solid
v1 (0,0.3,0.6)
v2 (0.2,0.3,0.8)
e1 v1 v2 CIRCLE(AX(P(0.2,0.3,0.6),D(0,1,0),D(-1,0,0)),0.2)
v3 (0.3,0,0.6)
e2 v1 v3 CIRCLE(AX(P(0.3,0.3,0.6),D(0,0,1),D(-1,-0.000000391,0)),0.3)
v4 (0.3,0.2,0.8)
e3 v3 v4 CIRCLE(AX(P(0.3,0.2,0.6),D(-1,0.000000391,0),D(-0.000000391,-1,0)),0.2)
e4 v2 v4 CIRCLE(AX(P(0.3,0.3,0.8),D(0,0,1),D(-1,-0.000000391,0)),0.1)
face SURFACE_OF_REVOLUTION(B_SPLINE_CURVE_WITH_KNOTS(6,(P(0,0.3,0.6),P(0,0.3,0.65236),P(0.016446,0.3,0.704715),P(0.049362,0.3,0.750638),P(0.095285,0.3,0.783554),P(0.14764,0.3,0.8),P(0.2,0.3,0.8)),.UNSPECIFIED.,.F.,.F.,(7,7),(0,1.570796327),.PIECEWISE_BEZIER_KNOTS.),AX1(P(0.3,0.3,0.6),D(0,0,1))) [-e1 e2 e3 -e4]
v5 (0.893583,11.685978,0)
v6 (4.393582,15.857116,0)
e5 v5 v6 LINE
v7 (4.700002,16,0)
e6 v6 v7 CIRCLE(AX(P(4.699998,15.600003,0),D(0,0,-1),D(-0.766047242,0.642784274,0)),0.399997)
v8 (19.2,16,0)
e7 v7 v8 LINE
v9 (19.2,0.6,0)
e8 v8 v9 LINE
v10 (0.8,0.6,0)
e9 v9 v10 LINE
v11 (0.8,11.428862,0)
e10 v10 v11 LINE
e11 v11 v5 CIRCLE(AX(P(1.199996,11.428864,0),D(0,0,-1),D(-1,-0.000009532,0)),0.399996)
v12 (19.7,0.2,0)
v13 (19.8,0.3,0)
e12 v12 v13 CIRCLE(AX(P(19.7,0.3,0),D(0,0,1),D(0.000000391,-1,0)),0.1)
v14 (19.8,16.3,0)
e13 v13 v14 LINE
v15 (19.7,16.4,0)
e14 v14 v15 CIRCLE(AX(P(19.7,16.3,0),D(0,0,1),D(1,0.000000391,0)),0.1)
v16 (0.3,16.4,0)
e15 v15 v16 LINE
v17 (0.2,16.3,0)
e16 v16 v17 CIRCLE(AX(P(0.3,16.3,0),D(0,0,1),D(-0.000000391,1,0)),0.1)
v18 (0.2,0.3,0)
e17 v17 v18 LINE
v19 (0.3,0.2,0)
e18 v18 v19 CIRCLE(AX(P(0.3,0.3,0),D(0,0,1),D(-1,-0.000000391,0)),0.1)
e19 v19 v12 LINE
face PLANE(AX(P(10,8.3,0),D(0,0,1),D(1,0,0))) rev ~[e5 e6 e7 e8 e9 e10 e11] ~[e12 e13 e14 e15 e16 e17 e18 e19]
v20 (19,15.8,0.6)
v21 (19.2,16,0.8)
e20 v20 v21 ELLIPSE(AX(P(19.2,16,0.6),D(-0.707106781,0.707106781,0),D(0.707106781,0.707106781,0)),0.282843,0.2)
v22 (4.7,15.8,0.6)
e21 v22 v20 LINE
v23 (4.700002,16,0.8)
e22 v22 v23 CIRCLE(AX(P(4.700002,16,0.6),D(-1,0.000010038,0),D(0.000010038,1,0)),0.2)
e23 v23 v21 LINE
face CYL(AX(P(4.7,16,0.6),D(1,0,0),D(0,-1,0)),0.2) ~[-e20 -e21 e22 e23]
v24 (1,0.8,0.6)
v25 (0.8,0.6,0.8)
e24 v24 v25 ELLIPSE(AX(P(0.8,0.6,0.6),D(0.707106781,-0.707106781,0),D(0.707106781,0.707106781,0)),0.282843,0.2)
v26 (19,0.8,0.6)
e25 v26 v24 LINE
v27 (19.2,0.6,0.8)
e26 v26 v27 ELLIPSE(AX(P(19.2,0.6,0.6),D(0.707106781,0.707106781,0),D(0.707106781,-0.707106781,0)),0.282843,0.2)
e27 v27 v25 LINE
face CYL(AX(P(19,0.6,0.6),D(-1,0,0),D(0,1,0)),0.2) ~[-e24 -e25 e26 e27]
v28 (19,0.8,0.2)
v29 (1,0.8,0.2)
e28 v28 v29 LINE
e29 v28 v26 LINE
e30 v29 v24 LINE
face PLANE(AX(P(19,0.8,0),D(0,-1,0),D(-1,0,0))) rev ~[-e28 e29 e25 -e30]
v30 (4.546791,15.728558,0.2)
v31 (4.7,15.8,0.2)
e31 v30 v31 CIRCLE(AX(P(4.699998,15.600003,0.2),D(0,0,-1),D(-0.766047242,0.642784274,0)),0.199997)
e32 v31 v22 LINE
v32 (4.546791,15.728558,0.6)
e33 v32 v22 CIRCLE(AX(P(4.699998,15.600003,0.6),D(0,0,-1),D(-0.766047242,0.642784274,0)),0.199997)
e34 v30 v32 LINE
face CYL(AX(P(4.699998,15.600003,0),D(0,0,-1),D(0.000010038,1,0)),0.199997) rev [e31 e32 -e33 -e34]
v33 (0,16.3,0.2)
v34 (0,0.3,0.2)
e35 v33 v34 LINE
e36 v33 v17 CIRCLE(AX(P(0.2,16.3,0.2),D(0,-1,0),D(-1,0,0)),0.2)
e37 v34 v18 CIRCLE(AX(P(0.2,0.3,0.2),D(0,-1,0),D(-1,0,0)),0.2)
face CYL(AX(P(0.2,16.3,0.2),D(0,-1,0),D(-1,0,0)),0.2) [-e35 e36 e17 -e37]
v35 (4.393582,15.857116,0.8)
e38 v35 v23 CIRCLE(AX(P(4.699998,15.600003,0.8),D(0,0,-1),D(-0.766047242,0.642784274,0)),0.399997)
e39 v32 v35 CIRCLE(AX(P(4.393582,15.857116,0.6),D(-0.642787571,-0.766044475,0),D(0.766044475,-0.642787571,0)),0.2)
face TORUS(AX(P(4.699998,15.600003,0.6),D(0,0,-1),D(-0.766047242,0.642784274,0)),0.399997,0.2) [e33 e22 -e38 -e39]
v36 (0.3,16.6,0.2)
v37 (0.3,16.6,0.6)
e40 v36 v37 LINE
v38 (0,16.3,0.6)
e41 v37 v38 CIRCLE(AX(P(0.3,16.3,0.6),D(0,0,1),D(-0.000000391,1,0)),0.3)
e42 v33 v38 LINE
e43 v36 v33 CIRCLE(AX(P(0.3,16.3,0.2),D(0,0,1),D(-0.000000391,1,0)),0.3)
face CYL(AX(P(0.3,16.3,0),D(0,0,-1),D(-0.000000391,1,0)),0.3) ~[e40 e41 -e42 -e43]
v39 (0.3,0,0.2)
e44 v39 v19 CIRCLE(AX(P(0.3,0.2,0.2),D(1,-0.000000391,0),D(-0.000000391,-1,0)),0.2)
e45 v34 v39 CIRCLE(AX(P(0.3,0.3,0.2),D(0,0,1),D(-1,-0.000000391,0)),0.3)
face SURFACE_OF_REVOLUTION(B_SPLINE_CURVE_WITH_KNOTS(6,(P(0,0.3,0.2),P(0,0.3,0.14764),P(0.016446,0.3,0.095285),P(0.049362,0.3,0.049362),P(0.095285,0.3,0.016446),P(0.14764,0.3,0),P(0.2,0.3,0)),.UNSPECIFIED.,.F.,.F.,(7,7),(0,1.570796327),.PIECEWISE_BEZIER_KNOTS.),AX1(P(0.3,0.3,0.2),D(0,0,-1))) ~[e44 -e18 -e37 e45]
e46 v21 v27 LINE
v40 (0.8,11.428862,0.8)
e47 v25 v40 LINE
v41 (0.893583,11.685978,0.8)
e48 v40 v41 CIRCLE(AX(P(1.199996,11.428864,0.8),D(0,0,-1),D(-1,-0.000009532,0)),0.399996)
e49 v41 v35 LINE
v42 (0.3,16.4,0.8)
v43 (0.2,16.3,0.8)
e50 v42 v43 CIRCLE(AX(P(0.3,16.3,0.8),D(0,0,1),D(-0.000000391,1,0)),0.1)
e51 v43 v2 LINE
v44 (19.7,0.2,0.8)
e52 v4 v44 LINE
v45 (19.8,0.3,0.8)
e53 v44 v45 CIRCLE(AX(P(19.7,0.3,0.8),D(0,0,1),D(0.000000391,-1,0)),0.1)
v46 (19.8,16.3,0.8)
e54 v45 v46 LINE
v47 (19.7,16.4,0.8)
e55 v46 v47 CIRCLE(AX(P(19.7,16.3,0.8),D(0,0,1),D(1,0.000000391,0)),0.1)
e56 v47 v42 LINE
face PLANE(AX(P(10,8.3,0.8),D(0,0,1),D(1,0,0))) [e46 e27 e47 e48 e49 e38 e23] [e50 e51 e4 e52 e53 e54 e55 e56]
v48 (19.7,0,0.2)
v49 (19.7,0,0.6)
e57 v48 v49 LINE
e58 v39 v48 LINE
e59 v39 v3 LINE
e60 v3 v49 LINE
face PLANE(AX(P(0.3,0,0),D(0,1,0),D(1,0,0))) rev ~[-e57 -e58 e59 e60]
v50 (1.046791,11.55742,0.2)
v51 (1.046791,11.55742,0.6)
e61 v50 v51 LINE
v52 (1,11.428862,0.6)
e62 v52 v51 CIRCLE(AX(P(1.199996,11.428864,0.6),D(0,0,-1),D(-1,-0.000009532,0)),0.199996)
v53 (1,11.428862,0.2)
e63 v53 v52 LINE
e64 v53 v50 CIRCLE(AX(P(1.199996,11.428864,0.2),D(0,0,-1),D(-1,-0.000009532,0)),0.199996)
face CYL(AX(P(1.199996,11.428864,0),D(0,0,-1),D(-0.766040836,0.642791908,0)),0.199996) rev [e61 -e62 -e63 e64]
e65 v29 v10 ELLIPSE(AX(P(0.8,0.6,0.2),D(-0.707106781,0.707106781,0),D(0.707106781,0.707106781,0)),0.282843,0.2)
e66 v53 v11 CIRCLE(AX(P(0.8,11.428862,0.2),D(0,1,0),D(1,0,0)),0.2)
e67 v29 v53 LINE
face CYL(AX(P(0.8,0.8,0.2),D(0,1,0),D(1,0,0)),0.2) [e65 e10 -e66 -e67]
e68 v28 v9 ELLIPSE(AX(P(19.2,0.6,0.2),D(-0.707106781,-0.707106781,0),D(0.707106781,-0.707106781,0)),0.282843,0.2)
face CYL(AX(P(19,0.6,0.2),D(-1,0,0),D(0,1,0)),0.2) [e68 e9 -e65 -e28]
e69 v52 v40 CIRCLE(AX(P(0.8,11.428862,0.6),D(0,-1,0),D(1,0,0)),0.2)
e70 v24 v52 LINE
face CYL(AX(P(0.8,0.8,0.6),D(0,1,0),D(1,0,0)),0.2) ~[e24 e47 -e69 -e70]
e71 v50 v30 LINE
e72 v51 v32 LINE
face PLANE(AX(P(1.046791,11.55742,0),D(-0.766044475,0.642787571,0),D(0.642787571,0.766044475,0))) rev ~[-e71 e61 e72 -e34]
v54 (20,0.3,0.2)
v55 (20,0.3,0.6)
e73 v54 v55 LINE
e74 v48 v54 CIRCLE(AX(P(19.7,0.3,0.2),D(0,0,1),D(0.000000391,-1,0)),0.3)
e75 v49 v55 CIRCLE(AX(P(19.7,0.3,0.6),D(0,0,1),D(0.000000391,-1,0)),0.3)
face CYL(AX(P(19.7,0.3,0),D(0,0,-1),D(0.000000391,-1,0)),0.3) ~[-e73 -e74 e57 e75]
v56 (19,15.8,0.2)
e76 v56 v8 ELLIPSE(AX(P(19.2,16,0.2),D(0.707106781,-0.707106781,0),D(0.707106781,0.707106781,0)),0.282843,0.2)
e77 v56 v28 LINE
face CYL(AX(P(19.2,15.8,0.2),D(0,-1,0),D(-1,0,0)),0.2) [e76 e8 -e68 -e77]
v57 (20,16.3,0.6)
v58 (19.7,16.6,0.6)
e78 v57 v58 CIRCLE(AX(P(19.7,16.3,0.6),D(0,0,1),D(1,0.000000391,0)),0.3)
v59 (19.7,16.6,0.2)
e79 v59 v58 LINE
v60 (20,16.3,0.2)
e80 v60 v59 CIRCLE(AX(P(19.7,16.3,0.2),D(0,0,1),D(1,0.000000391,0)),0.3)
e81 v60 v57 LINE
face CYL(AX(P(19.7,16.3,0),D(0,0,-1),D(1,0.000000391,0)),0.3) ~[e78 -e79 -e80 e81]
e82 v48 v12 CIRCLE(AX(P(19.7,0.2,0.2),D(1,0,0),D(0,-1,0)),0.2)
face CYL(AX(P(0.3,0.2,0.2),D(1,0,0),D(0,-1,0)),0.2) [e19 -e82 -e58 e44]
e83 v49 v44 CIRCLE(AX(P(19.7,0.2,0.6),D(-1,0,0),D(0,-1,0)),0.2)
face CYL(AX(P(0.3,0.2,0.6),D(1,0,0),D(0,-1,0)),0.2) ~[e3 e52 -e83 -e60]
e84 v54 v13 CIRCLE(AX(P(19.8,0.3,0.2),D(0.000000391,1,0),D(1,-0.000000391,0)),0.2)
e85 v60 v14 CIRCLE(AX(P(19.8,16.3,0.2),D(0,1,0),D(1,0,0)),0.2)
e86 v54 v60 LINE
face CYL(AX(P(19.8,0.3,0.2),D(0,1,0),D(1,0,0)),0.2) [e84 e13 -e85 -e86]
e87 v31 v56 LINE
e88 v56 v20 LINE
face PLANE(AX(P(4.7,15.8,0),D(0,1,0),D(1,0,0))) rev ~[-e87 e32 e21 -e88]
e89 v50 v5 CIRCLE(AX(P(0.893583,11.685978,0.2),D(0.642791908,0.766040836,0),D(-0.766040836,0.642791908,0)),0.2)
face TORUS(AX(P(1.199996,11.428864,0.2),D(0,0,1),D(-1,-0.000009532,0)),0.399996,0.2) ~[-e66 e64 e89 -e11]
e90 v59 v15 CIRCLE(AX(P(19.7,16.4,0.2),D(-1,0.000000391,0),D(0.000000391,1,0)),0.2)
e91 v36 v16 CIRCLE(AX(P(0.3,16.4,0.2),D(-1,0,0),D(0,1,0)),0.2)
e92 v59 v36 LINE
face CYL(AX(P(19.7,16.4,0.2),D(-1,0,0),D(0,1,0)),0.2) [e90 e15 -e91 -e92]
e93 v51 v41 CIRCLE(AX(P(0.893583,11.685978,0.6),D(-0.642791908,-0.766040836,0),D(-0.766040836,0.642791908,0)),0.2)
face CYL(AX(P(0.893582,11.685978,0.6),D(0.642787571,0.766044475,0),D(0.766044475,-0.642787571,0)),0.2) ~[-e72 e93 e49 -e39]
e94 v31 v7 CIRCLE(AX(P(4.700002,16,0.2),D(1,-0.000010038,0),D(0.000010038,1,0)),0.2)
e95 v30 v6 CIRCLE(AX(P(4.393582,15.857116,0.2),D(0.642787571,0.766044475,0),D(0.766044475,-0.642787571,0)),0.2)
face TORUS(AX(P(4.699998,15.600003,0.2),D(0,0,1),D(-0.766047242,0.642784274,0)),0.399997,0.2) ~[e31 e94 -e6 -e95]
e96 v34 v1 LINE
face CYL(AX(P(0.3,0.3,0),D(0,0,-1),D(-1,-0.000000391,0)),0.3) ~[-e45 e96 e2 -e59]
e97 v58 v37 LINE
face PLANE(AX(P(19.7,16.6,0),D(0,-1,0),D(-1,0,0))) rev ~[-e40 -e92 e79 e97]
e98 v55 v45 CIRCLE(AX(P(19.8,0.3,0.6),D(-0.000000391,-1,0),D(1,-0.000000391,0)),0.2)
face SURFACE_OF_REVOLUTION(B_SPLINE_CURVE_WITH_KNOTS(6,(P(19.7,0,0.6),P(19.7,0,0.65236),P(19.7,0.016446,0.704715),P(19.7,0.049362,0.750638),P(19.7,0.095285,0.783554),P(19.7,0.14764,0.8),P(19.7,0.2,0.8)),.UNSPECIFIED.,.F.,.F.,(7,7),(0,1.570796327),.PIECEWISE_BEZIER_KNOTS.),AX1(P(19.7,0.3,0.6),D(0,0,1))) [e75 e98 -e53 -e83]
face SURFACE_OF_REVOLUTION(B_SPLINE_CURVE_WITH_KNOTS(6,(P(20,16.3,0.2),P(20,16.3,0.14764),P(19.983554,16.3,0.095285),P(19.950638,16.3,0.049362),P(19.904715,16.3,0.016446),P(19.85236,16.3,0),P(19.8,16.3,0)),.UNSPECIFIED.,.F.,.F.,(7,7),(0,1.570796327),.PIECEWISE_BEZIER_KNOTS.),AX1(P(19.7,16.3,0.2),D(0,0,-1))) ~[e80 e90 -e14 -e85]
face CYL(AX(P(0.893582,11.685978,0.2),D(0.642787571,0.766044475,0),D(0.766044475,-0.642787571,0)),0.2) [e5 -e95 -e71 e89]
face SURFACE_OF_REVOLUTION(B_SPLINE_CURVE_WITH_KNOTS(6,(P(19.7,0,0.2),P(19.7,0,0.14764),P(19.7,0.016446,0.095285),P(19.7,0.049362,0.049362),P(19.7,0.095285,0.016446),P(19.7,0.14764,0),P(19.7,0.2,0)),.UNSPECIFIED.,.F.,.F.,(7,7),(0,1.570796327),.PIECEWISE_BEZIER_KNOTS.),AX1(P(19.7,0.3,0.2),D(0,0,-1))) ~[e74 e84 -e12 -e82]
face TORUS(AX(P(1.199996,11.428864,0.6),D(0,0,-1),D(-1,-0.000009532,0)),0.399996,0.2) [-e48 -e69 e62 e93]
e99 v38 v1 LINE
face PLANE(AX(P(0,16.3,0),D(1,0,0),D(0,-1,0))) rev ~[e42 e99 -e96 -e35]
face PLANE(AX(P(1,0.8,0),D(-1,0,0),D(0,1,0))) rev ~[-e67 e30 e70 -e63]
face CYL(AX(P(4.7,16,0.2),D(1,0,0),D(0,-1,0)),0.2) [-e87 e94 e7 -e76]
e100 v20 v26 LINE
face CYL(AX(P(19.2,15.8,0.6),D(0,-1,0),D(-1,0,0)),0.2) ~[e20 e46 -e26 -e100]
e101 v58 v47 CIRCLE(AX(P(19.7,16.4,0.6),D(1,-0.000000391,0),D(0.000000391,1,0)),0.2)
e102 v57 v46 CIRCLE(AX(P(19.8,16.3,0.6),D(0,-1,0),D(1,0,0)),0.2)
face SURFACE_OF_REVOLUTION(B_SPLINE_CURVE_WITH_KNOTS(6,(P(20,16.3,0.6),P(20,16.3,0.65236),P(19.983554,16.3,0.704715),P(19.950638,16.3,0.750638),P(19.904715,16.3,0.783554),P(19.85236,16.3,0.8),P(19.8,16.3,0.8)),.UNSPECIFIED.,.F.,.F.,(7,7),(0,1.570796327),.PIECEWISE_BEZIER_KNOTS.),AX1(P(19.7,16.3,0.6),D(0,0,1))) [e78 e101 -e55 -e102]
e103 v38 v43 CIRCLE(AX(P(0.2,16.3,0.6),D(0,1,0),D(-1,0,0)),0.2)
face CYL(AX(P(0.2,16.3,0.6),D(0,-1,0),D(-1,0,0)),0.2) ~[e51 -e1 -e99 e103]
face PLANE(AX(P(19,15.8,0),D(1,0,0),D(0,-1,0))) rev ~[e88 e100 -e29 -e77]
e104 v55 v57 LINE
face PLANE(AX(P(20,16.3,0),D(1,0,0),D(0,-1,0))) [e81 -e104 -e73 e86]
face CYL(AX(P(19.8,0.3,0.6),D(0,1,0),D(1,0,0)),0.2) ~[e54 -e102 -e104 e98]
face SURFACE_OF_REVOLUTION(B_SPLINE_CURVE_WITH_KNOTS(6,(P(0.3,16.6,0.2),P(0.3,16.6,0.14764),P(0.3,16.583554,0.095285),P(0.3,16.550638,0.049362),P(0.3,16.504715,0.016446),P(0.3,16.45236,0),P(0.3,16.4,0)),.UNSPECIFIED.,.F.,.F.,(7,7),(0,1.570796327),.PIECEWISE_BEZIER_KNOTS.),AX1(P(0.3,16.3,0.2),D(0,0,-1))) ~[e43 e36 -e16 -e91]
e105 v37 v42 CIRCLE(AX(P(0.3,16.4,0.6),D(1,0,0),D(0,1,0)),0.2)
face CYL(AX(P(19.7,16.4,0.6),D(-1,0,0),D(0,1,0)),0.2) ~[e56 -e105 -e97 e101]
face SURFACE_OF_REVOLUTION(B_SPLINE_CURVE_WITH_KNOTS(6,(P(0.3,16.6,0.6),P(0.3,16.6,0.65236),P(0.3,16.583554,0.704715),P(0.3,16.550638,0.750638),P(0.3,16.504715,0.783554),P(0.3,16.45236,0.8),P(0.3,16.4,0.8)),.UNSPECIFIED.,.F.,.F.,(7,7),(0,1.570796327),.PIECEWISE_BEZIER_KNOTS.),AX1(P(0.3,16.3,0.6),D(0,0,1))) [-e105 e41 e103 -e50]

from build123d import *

# Parameters (mm, degrees)
PAD_DEPTH = 0.8
FILLET_R  = 0.2


with BuildPart() as part:
    # Sketch → Pad (new body)
    with BuildSketch(Plane.XY):
        with BuildLine():
            Line((0.3, 0), (19.7, 0))
            ThreePointArc((19.7, 0), (19.912132, 0.087868), (20, 0.3))
            Line((20, 16.3), (20, 0.3))
            ThreePointArc((20, 16.3), (19.912132, 16.512132), (19.7, 16.6))
            Line((19.7, 16.6), (0.3, 16.6))
            ThreePointArc((0.3, 16.6), (0.087868, 16.512132), (0, 16.3))
            Line((0, 16.3), (0, 0.3))
            ThreePointArc((0, 0.3), (0.087868, 0.087868), (0.3, 0))
        make_face()
        with BuildLine():
            Line((19, 15.8), (19, 0.8))
            Line((19, 0.8), (1, 0.8))
            Line((1, 0.8), (1, 11.428862))
            ThreePointArc((1.046791, 11.55742), (1.012061, 11.497266), (1, 11.428862))
            Line((1.046791, 11.55742), (4.546791, 15.728558))
            ThreePointArc((4.7, 15.8), (4.615476, 15.781262), (4.546791, 15.728558))
            Line((4.7, 15.8), (19, 15.8))
        make_face(mode=Mode.SUBTRACT)
    extrude(amount=PAD_DEPTH)

    # Fillet
    fillet_edges = [part.edges().sort_by_distance(p)[0] for p in [
        (0, 8.3, 0.8),
        (0, 8.3, 0),
        (1, 6.114431, 0),
        (19, 8.3, 0),
        (10, 0.8, 0),
        (11.85, 15.8, 0),
        (2.796791, 13.642989, 0),
        (2.796791, 13.642989, 0.8),
        (1, 6.114431, 0.8),
        (11.85, 15.8, 0.8),
        (19, 8.3, 0.8),
        (10, 0.8, 0.8),
    ]]
    fillet(fillet_edges, radius=FILLET_R)


solid = part.part
